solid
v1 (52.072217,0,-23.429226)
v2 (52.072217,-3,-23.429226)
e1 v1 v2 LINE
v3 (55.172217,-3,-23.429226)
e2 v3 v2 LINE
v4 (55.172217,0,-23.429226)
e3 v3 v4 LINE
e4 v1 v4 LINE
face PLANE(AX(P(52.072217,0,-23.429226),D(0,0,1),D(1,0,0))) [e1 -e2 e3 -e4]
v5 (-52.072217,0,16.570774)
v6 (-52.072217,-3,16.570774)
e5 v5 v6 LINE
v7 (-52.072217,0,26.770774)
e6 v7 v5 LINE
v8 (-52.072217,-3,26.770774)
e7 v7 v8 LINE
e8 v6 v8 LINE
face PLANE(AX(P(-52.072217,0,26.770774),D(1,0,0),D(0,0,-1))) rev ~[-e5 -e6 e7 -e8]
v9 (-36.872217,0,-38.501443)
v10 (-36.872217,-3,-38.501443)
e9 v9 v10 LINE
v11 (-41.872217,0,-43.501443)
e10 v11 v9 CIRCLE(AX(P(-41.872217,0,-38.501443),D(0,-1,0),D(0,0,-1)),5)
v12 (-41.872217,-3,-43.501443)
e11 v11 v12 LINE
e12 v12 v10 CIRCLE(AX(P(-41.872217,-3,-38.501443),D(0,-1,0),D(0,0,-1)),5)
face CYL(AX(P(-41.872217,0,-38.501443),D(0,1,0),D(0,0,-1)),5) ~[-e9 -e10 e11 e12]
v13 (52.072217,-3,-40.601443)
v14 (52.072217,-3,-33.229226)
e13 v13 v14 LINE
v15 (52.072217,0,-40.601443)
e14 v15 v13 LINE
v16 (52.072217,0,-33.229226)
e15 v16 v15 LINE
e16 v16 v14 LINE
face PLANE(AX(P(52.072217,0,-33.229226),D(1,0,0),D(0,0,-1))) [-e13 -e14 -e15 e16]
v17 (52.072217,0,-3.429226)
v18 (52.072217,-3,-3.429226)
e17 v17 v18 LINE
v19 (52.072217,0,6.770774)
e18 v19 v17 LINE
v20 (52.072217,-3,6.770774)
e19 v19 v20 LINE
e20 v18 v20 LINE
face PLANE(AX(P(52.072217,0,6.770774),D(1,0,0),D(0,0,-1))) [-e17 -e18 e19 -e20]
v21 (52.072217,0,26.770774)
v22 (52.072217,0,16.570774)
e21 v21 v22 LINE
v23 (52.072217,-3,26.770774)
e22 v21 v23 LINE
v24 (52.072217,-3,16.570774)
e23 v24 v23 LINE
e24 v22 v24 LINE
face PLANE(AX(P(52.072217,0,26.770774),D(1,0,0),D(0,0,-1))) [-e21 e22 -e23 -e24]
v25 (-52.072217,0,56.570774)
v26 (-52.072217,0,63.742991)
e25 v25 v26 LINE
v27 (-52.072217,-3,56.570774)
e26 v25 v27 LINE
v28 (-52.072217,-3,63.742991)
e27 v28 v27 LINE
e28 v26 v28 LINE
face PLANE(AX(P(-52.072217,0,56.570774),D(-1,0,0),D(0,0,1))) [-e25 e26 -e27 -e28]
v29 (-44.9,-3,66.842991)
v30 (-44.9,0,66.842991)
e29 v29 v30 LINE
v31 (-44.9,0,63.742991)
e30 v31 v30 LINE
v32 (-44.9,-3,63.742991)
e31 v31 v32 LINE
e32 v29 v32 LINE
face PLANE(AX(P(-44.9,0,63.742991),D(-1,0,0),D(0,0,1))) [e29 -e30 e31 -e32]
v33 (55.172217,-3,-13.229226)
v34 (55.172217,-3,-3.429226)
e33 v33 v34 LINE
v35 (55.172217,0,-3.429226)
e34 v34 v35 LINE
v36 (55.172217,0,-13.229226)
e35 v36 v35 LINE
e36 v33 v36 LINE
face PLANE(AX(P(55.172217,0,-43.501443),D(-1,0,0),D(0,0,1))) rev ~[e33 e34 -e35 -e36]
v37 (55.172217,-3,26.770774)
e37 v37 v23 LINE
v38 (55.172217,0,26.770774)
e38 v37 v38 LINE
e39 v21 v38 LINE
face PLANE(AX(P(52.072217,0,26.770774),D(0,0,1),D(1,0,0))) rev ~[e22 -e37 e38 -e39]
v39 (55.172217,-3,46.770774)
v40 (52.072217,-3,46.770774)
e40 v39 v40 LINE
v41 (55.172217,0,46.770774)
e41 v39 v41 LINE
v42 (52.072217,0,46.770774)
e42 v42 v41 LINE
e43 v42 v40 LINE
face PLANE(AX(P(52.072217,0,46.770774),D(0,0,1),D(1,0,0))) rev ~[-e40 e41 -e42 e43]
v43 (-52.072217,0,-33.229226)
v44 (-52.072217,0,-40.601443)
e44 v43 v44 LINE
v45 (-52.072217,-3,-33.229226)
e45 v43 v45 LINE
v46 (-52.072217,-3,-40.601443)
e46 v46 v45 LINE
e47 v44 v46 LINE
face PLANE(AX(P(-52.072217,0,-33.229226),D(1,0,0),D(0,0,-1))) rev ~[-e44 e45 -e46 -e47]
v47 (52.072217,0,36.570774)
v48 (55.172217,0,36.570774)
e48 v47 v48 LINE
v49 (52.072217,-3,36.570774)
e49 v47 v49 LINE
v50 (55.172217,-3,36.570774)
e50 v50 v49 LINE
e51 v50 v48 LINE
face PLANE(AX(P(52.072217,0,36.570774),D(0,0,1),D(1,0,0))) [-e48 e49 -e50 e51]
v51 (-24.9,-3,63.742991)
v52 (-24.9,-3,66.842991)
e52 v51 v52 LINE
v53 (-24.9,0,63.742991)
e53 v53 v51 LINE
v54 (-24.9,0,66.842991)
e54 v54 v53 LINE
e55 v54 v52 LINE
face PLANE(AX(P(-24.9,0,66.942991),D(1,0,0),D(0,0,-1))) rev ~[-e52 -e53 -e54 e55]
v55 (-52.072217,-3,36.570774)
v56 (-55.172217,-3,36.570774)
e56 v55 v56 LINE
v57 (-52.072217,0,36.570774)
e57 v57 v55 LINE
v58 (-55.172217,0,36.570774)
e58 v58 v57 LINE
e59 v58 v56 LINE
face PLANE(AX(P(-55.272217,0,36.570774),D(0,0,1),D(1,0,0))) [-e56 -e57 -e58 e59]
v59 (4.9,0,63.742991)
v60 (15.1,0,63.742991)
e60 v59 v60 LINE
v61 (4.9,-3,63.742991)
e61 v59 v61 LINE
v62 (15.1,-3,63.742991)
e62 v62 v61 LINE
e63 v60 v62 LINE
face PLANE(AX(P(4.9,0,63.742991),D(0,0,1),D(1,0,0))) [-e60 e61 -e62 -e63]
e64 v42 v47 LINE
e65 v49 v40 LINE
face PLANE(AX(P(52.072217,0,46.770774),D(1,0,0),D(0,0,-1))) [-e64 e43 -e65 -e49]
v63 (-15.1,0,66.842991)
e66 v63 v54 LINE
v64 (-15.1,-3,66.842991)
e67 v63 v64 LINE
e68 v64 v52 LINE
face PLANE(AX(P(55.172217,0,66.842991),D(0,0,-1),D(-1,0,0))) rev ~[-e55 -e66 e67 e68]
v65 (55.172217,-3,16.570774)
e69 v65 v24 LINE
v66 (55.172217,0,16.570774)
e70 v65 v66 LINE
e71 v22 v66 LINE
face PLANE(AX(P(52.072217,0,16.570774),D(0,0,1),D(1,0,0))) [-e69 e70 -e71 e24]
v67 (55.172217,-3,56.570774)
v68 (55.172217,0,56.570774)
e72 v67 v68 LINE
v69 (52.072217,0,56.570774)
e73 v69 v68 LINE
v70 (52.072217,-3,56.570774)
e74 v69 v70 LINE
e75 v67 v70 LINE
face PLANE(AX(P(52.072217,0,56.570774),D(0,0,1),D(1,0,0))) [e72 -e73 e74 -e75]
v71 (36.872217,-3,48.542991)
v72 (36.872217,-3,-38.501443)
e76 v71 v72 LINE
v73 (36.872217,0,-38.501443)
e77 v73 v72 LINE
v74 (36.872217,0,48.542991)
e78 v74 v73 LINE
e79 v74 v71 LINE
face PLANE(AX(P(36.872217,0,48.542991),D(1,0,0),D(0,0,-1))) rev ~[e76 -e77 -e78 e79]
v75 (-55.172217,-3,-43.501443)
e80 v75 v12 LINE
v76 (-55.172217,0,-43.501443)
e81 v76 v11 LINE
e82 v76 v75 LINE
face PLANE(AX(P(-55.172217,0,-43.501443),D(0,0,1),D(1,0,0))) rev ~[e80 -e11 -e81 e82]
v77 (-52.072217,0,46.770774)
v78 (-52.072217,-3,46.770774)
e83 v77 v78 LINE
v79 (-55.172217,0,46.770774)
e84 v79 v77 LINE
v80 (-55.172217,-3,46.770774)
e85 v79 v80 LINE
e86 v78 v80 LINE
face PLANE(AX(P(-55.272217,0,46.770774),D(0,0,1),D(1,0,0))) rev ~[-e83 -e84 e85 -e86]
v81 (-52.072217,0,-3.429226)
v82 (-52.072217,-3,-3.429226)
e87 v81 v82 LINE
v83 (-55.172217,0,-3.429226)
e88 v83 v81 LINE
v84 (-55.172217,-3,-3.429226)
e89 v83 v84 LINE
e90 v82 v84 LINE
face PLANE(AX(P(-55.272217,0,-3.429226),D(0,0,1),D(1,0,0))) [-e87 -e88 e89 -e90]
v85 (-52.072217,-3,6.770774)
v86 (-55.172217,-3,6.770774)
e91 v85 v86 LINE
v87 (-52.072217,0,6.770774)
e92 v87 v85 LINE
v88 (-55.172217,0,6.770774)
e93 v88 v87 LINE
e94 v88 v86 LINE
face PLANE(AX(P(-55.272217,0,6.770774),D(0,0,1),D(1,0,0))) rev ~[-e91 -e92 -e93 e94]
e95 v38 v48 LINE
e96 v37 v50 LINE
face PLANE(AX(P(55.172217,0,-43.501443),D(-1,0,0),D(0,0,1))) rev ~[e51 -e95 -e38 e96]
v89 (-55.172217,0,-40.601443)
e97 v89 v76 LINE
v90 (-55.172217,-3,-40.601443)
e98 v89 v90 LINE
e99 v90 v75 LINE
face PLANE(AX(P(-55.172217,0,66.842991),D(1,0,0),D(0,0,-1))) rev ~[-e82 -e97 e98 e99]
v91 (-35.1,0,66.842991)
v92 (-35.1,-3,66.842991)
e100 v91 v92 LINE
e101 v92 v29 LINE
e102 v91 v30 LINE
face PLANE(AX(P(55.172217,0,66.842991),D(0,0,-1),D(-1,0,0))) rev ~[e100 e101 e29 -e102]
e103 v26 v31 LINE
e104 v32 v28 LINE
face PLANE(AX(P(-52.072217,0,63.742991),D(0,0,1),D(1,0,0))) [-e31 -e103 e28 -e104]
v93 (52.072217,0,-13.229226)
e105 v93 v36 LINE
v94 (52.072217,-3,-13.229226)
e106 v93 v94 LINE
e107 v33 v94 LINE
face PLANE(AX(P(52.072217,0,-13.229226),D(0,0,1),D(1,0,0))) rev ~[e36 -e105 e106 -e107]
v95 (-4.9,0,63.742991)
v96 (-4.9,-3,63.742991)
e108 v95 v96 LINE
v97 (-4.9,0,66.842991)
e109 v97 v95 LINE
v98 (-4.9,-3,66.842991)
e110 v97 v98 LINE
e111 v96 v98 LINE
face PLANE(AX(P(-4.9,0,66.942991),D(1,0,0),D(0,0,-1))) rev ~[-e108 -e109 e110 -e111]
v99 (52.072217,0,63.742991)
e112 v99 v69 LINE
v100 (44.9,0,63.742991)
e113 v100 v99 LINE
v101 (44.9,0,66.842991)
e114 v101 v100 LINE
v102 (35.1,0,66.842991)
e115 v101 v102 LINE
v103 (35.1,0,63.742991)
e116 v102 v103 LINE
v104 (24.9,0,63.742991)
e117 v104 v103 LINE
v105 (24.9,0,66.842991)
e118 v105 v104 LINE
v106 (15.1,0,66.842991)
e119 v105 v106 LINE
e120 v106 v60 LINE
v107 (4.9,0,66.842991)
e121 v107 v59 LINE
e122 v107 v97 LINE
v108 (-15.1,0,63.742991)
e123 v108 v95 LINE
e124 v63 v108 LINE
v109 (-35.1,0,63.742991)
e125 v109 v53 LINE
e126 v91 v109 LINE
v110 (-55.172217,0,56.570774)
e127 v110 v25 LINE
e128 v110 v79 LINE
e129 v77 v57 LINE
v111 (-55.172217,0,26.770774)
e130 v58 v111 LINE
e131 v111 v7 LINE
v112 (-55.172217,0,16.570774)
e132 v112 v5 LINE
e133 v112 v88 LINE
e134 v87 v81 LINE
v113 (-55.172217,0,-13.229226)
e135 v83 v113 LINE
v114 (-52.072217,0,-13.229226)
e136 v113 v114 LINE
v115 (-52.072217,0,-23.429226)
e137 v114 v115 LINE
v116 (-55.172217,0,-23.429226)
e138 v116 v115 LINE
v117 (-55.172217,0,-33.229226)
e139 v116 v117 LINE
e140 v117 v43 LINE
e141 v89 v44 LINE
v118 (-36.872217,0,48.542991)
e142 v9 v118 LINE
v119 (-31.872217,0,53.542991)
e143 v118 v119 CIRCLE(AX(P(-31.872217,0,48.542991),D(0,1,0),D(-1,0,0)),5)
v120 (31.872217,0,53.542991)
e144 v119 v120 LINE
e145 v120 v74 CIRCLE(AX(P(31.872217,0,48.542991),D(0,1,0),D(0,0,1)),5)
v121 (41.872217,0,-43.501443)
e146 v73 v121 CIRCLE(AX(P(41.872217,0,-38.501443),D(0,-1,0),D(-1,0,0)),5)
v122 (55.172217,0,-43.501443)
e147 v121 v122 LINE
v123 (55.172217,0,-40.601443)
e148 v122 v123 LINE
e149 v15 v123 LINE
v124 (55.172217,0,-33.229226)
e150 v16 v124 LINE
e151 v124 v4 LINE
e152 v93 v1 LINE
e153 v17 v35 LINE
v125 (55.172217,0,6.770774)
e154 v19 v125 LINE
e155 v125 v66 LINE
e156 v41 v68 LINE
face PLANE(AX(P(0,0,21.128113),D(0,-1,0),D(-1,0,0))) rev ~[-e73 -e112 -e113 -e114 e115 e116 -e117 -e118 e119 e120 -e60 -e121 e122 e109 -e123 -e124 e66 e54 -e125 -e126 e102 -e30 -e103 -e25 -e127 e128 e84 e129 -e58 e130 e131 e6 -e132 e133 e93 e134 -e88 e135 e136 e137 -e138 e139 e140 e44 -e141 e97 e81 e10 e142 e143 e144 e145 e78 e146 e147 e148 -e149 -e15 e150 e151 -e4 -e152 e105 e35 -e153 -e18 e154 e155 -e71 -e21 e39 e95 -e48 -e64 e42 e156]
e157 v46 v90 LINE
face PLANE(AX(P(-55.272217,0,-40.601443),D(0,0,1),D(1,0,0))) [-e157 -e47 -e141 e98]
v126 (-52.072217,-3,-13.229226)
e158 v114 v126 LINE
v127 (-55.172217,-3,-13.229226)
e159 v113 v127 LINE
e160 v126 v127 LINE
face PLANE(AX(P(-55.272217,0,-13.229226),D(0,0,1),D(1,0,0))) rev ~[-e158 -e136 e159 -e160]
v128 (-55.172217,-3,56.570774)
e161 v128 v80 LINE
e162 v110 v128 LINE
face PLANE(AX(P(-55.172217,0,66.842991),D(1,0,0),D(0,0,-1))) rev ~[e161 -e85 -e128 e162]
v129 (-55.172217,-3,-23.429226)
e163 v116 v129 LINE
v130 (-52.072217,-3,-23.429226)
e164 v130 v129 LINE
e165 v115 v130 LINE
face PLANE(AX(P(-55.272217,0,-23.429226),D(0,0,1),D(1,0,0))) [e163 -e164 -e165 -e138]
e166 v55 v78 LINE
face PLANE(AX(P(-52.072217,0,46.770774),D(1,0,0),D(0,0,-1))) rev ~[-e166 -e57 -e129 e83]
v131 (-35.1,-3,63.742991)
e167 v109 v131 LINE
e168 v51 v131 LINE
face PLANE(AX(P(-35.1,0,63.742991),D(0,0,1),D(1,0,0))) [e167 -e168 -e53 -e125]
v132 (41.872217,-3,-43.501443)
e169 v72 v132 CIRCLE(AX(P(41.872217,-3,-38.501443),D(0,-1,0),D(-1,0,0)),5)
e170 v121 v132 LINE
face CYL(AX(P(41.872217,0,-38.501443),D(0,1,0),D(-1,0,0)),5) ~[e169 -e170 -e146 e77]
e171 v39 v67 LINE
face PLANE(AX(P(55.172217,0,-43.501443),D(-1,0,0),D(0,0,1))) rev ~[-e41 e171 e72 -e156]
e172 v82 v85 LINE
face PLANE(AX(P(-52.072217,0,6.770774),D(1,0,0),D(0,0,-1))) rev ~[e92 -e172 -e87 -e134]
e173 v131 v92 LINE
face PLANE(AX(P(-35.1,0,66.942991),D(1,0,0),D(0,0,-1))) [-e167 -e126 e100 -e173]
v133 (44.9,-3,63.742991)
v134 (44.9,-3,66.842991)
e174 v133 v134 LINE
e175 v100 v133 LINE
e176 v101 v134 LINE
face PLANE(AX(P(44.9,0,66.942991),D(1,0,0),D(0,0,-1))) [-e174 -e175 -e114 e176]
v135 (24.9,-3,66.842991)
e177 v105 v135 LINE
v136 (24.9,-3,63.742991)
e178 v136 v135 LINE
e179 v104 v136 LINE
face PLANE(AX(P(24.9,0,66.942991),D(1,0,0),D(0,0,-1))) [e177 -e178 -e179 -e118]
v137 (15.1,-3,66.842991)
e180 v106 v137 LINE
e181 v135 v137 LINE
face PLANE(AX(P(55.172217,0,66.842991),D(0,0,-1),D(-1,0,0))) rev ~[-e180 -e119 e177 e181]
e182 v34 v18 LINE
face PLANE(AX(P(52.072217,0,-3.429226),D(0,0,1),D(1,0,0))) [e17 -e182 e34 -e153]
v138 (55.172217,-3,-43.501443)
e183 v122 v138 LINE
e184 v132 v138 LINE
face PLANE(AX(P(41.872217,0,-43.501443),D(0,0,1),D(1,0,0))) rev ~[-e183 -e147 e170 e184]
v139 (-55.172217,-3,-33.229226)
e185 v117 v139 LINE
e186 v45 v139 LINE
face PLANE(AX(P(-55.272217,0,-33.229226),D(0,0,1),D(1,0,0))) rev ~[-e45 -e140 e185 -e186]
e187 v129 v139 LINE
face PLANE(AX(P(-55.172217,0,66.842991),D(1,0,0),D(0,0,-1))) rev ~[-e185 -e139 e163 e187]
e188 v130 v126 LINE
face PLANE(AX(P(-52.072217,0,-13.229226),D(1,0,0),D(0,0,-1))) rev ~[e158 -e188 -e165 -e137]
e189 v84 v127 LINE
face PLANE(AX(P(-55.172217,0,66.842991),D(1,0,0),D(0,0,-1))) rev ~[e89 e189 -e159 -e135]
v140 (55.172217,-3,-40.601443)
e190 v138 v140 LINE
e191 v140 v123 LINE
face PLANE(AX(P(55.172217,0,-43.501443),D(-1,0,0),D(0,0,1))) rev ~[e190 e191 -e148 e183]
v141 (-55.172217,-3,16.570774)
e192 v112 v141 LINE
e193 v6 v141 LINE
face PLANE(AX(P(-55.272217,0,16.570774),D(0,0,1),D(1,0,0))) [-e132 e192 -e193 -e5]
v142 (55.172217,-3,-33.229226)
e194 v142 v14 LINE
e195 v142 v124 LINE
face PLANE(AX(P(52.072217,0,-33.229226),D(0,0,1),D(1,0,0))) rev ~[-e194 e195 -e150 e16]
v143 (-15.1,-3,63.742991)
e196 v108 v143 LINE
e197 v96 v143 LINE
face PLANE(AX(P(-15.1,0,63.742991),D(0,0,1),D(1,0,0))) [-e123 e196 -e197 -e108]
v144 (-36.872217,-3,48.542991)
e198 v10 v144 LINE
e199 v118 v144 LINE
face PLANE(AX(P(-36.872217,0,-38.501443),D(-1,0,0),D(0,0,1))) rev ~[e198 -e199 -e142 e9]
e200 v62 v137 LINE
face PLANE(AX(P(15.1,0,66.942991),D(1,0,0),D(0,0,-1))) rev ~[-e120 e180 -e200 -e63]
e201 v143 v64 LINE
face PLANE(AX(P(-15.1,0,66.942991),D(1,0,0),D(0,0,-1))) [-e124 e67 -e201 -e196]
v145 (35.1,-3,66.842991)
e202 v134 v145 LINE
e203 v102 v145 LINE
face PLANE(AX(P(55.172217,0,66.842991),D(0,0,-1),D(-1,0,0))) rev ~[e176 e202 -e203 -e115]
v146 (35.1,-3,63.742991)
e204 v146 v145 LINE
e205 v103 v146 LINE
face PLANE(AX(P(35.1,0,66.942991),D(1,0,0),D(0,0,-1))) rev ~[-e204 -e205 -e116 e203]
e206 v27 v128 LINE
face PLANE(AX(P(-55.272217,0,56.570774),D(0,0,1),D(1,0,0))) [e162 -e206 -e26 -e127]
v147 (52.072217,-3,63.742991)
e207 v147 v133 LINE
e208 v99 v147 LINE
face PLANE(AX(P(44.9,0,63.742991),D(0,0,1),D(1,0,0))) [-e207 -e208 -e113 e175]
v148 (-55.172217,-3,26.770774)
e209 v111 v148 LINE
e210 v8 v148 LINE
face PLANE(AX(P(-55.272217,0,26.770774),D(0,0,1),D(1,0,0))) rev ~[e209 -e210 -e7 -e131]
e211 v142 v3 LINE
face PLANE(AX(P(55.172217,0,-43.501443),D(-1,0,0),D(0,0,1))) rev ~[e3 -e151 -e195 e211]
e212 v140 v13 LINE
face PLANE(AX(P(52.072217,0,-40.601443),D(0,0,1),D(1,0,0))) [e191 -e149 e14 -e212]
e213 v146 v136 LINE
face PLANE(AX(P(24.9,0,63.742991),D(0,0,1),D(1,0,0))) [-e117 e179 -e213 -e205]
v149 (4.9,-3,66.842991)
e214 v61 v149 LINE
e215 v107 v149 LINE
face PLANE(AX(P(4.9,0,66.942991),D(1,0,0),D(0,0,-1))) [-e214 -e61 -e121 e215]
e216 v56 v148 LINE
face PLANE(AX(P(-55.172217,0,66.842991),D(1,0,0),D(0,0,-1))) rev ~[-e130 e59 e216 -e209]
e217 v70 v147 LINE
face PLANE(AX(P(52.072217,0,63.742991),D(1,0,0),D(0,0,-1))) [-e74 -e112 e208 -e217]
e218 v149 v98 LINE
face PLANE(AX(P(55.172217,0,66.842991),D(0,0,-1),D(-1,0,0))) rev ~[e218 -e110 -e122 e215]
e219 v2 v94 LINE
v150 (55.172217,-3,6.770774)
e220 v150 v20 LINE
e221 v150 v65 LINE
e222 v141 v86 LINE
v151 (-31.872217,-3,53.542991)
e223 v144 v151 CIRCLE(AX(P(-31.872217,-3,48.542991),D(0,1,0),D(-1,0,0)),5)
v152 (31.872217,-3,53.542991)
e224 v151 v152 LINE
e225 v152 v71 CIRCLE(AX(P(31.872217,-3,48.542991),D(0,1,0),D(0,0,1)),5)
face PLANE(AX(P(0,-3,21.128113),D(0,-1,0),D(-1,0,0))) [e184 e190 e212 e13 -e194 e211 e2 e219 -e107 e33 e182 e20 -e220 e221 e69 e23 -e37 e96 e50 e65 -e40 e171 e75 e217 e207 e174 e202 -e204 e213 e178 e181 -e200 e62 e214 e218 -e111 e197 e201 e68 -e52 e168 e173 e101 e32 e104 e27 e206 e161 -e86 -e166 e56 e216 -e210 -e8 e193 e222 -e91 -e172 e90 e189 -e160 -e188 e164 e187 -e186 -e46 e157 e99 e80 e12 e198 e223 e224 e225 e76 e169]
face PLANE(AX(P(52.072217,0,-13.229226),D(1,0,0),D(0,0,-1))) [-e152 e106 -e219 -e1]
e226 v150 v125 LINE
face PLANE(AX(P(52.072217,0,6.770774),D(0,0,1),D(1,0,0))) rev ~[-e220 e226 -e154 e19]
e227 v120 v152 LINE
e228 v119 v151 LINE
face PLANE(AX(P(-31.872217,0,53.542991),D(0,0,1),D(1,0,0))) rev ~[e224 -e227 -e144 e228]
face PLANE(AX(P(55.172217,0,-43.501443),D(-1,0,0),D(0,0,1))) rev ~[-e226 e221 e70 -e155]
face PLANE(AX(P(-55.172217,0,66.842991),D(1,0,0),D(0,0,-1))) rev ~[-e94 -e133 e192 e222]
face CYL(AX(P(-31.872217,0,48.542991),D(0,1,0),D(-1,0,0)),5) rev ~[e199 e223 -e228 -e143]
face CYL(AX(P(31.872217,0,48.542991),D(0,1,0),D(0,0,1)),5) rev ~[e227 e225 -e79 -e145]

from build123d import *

# Parameters (mm, degrees)
BOSS_EXTRUDE1_DEPTH = 3
SKETCH3_W           = 3.2
SKETCH3_H           = 10.2
SKETCH3_W_2         = 10.2
SKETCH3_H_2         = 3.2
SKETCH3_H_3         = 7.372217102
CUT_EXTRUDE1_DEPTH  = 4


with BuildPart() as part:
    # Sketch1 → Boss-Extrude1 (new body)
    with BuildSketch(Plane(origin=(0, 0, 0), x_dir=(1, 0, 0), z_dir=(0, 1, 0))):
        with BuildLine():
            Line((-55.172217102, 43.501443346), (-41.872217102, 43.501443346))
            ThreePointArc((-41.872217102, 43.501443346), (-38.336683196, 42.036977252), (-36.872217102, 38.501443346))
            Line((-36.872217102, 38.501443346), (-36.872217102, -48.542990858))
            ThreePointArc((-36.872217102, -48.542990858), (-35.407751008, -52.078524764), (-31.872217102, -53.542990858))
            Line((-31.872217102, -53.542990858), (31.872217102, -53.542990858))
            ThreePointArc((31.872217102, -53.542990858), (35.407751008, -52.078524764), (36.872217102, -48.542990858))
            Line((36.872217102, -48.542990858), (36.872217102, 38.501443346))
            ThreePointArc((36.872217102, 38.501443346), (38.336683196, 42.036977252), (41.872217102, 43.501443346))
            Line((41.872217102, 43.501443346), (55.172217102, 43.501443346))
            Line((55.172217102, 43.501443346), (55.172217102, -66.842990858))
            Line((55.172217102, -66.842990858), (-55.172217102, -66.842990858))
            Line((-55.172217102, -66.842990858), (-55.172217102, 43.501443346))
        make_face()
    extrude(amount=-BOSS_EXTRUDE1_DEPTH)

    # Sketch3 → Cut-Extrude1 (cut, through all)
    with BuildSketch(Plane(origin=(0, 0, 0), x_dir=(1, 0, 0), z_dir=(0, 1, 0))):
        with Locations((53.672217102, -41.670773756)):
            Rectangle(SKETCH3_W, SKETCH3_H)
        Polygon((52.072217102, -56.570773756), (55.272217102, -56.570773756), (55.272217102, -66.942990858), (44.9, -66.942990858), (44.9, -63.742990858), (52.072217102, -63.742990858), align=None)
        with Locations((30, -65.342990858)):
            Rectangle(SKETCH3_W_2, SKETCH3_H_2)
        with Locations((53.672217102, 18.329226244)):
            Rectangle(SKETCH3_W, SKETCH3_H)
        with Locations((53.672217102, -1.670773756)):
            Rectangle(SKETCH3_W, SKETCH3_H)
        with Locations((53.672217102, 36.915334795)):
            Rectangle(SKETCH3_W, SKETCH3_H_3)
        with Locations((10, -65.342990858)):
            Rectangle(SKETCH3_W_2, SKETCH3_H_2)
        with Locations((53.672217102, -21.670773756)):
            Rectangle(SKETCH3_W, SKETCH3_H)
        with Locations((-53.672217102, 36.915334795)):
            Rectangle(SKETCH3_W, SKETCH3_H_3)
        with Locations((-10, -65.342990858)):
            Rectangle(SKETCH3_W_2, SKETCH3_H_2)
        with Locations((-53.672217102, -1.670773756)):
            Rectangle(SKETCH3_W, SKETCH3_H)
        with Locations((-53.672217102, 18.329226244)):
            Rectangle(SKETCH3_W, SKETCH3_H)
        with Locations((-30, -65.342990858)):
            Rectangle(SKETCH3_W_2, SKETCH3_H_2)
        Polygon((-44.9, -66.942990858), (-55.272217102, -66.942990858), (-55.272217102, -56.570773756), (-52.072217102, -56.570773756), (-52.072217102, -63.742990858), (-44.9, -63.742990858), align=None)
        with Locations((-53.672217102, -41.670773756)):
            Rectangle(SKETCH3_W, SKETCH3_H)
        with Locations((-53.672217102, -21.670773756)):
            Rectangle(SKETCH3_W, SKETCH3_H)
    extrude(amount=-CUT_EXTRUDE1_DEPTH, mode=Mode.SUBTRACT)


solid = part.part
